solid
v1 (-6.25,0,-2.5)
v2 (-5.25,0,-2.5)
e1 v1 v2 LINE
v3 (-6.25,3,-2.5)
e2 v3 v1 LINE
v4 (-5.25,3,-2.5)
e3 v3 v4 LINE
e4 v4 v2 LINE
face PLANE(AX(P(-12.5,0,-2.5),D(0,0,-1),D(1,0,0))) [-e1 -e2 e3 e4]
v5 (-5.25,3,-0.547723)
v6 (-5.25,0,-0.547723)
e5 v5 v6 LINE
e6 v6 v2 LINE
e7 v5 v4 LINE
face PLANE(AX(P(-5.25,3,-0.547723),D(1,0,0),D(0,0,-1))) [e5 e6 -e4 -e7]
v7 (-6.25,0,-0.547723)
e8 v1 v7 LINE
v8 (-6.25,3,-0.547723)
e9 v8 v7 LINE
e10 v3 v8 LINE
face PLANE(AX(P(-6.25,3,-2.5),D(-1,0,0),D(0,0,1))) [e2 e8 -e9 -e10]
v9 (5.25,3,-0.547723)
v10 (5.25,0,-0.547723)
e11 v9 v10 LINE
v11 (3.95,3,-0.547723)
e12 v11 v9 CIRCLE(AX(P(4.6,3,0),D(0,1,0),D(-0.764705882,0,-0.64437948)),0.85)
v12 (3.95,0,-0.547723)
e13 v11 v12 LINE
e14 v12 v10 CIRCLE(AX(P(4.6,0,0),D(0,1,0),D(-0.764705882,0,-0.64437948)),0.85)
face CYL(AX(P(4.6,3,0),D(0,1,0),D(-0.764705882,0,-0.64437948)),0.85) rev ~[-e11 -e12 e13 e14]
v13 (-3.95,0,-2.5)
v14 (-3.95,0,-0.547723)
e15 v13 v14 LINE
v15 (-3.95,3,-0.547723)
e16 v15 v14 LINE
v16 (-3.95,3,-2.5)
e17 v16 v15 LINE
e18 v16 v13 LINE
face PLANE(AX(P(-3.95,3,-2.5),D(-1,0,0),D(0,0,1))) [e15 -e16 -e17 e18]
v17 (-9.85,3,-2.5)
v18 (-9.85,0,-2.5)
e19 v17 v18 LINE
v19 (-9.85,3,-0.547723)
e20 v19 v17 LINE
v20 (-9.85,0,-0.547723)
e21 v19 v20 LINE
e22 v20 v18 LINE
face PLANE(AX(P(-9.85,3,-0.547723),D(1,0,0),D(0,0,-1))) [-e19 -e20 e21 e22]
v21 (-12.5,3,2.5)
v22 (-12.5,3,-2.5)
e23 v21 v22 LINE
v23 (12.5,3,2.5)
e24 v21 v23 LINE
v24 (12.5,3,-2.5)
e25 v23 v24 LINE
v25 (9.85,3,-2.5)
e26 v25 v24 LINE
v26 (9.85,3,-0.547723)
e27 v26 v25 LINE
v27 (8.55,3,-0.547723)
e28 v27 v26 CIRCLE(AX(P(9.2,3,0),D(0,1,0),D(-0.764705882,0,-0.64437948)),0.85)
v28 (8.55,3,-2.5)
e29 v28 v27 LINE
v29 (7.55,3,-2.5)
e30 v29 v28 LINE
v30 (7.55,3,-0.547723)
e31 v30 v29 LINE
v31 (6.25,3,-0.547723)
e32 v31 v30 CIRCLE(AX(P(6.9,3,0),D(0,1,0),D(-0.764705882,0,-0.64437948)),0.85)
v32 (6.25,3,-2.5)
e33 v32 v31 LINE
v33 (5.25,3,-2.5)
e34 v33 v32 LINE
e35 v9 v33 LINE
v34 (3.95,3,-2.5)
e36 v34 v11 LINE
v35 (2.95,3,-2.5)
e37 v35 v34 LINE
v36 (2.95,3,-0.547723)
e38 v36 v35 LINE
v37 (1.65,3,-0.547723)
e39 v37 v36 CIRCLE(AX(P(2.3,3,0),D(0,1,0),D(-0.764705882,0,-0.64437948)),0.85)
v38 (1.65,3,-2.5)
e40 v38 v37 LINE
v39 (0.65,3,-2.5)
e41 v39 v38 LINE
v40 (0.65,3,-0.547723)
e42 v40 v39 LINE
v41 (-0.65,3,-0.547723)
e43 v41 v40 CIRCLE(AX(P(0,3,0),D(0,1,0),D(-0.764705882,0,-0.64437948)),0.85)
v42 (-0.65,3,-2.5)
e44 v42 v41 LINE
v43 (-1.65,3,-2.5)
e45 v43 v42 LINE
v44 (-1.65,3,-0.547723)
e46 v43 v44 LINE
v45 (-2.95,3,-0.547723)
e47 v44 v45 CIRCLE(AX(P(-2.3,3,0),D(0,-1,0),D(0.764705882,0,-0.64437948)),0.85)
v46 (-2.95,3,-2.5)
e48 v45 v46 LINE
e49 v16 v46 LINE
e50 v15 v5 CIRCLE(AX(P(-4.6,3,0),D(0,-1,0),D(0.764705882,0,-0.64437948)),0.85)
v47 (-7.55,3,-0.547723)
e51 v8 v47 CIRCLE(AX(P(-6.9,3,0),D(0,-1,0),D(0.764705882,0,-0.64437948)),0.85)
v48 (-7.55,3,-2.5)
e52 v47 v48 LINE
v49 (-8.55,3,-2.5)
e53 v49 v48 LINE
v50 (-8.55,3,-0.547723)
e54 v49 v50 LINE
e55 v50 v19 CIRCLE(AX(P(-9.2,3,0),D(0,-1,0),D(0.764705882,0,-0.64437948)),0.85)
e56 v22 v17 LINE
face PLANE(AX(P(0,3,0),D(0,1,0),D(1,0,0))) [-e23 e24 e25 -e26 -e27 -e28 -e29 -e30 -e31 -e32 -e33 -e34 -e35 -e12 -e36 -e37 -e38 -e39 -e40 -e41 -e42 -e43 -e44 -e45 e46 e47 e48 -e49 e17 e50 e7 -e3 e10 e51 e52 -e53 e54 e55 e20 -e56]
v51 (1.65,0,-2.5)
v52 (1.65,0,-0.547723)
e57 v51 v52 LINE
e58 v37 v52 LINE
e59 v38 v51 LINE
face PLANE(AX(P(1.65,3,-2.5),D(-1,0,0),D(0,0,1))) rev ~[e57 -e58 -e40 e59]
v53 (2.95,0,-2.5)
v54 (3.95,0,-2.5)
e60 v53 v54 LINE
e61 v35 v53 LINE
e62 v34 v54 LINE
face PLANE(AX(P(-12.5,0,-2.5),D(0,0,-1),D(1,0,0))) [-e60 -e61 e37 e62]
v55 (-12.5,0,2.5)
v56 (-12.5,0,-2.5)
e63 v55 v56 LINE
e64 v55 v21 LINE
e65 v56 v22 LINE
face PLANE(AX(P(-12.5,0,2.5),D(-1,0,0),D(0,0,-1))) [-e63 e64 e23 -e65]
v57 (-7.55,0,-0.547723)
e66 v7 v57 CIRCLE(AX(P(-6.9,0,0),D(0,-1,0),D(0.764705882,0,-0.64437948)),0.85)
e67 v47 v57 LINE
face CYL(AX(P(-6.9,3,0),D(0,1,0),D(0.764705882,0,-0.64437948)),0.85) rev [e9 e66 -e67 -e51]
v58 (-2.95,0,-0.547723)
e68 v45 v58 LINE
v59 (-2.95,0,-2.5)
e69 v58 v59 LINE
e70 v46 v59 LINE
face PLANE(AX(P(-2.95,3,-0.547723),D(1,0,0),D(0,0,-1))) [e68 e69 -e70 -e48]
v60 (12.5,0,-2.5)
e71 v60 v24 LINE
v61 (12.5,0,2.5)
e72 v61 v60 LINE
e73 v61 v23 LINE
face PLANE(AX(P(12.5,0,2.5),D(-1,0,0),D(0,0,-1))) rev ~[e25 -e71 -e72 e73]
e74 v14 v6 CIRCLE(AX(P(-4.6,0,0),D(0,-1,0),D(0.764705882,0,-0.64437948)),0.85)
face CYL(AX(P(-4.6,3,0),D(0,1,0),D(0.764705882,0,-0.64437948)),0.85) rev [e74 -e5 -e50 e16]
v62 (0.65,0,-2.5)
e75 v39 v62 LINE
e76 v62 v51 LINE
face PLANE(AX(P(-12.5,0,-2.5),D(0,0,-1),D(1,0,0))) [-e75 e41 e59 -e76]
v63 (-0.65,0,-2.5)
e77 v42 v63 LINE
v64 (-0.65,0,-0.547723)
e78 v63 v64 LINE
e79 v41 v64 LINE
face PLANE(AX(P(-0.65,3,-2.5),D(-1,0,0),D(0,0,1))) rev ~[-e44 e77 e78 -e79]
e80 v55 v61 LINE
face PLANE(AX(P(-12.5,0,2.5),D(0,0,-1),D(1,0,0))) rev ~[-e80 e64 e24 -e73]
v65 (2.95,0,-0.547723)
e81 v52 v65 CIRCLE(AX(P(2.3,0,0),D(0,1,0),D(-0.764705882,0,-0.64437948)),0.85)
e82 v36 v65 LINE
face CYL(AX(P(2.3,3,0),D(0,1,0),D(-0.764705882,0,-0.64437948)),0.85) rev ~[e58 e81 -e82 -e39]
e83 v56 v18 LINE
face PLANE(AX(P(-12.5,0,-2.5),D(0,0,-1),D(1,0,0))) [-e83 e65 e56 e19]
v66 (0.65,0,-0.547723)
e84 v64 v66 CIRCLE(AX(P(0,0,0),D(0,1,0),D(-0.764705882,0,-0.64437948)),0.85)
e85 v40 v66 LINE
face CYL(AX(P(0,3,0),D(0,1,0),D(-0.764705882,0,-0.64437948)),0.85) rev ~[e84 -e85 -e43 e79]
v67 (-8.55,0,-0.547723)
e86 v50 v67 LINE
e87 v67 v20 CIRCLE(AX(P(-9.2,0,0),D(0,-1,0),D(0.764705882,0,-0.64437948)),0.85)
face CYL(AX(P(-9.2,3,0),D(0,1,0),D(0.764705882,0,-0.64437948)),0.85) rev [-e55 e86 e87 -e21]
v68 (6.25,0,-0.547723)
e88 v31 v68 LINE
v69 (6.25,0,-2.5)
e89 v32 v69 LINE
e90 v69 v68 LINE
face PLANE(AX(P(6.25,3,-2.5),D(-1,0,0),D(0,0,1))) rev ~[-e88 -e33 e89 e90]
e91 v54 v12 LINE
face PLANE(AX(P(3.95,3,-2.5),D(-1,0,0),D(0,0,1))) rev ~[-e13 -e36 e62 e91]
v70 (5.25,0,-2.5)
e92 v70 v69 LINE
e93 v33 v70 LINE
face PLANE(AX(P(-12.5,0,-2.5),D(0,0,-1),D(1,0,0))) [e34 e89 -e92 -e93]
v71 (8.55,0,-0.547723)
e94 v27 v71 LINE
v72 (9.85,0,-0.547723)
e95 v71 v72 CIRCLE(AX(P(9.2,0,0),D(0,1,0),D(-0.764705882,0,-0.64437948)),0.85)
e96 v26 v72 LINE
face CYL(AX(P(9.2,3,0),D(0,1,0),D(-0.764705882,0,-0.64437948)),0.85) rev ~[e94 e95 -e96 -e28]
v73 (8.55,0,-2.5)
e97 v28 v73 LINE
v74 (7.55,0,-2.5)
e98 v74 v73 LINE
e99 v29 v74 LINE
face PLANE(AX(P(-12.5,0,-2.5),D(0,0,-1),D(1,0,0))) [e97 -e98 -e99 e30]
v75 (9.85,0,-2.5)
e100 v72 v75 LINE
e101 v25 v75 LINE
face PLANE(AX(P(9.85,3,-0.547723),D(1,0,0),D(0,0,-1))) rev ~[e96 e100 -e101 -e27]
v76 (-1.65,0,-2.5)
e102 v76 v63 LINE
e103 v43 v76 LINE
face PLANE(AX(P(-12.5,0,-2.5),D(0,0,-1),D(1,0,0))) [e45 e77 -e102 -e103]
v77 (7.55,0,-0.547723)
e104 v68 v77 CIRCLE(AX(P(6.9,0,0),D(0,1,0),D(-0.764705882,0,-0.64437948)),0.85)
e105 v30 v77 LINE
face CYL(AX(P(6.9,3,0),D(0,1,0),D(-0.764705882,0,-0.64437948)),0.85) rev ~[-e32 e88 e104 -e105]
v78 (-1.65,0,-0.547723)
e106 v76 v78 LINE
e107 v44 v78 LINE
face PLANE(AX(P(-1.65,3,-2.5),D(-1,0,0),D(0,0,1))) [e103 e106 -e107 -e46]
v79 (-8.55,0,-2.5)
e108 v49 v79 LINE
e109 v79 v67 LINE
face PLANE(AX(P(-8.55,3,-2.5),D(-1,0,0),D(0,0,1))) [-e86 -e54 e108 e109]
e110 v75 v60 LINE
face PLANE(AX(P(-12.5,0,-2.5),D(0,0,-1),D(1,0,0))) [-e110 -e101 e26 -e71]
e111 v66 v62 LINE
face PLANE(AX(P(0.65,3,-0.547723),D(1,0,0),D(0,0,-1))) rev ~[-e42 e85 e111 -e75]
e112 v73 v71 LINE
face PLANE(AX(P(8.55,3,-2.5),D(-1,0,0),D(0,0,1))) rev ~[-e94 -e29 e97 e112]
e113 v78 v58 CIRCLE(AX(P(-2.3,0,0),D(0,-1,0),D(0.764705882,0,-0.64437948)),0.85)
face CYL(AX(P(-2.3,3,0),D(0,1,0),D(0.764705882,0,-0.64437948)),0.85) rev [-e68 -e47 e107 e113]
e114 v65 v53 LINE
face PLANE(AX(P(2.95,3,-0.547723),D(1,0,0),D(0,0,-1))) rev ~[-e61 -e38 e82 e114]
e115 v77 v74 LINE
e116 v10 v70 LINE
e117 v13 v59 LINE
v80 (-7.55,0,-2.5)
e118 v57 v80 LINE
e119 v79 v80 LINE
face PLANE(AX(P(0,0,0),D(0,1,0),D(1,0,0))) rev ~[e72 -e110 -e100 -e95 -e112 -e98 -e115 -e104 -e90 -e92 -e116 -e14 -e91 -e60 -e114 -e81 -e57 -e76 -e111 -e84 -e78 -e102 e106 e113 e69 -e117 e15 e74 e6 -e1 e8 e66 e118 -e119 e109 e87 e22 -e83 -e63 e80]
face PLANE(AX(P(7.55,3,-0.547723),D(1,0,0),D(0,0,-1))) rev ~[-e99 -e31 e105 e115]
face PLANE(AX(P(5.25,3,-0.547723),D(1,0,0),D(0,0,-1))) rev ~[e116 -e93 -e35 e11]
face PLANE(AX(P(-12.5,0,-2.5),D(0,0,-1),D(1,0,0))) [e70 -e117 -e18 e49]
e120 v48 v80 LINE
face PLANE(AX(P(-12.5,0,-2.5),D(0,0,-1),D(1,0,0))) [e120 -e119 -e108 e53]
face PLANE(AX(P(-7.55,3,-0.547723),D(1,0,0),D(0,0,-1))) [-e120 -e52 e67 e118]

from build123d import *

# Parameters (mm, degrees)
CROQUIS1_W              = 25
CROQUIS1_H              = 5
SALIENTE_EXTRUIR1_DEPTH = 3
CORTAR_EXTRUIR6_DEPTH   = 3
MATRIZL4_COUNT          = 5
MATRIZL4_PITCH          = 2.3
SIMETR_A3_COPY_1_DEPTH  = 3
SIMETR_A3_COPY_2_DEPTH  = 3
SIMETR_A3_COPY_3_DEPTH  = 3
SIMETR_A3_COPY_4_DEPTH  = 3
SIMETR_A3_COPY_5_DEPTH  = 3


with BuildPart() as part:
    # Croquis1 → Saliente-Extruir1 (new body)
    with BuildSketch(Plane(origin=(0, 0, 0), x_dir=(1, 0, 0), z_dir=(0, 1, 0))):
        Rectangle(CROQUIS1_W, CROQUIS1_H)
    extrude(amount=SALIENTE_EXTRUIR1_DEPTH)

    # Croquis2 → Cortar-Extruir6 (cut)
    with BuildSketch(Plane(origin=(0, 3, 0), x_dir=(1, 0, 0), z_dir=(0, 1, 0))):
        with BuildLine():
            Line((0.65, 0.547722558), (0.65, 2.5))
            Line((0.65, 2.5), (-0.65, 2.5))
            Line((-0.65, 2.5), (-0.65, 0.547722558))
            ThreePointArc((-0.65, 0.547722558), (0, -0.85), (0.65, 0.547722558))
        make_face()
    cortar_extruir6 = extrude(amount=-CORTAR_EXTRUIR6_DEPTH, mode=Mode.SUBTRACT)

    # MatrizL4: Cortar-Extruir6 ×5
    with Locations(*[(i * MATRIZL4_PITCH, 0, 0) for i in range(1, MATRIZL4_COUNT)]):
        add(cortar_extruir6, mode=Mode.SUBTRACT)

    # Simetría3 copy 1 sketch → Simetría3 copy 1 (cut)
    with BuildSketch(Plane(origin=(-2.3, 3, 0), x_dir=(-1, 0, 0), z_dir=(0, 1, 0))):
        with BuildLine():
            Line((0.65, -0.547722558), (0.65, -2.5))
            Line((0.65, -2.5), (-0.65, -2.5))
            Line((-0.65, -2.5), (-0.65, -0.547722558))
            ThreePointArc((-0.65, -0.547722558), (0, 0.85), (0.65, -0.547722558))
        make_face()
    extrude(amount=-SIMETR_A3_COPY_1_DEPTH, mode=Mode.SUBTRACT)

    # Simetría3 copy 2 sketch → Simetría3 copy 2 (cut)
    with BuildSketch(Plane(origin=(-4.6, 3, 0), x_dir=(-1, 0, 0), z_dir=(0, 1, 0))):
        with BuildLine():
            Line((0.65, -0.547722558), (0.65, -2.5))
            Line((0.65, -2.5), (-0.65, -2.5))
            Line((-0.65, -2.5), (-0.65, -0.547722558))
            ThreePointArc((-0.65, -0.547722558), (0, 0.85), (0.65, -0.547722558))
        make_face()
    extrude(amount=-SIMETR_A3_COPY_2_DEPTH, mode=Mode.SUBTRACT)

    # Simetría3 copy 3 sketch → Simetría3 copy 3 (cut)
    with BuildSketch(Plane(origin=(-6.9, 3, 0), x_dir=(-1, 0, 0), z_dir=(0, 1, 0))):
        with BuildLine():
            Line((0.65, -0.547722558), (0.65, -2.5))
            Line((0.65, -2.5), (-0.65, -2.5))
            Line((-0.65, -2.5), (-0.65, -0.547722558))
            ThreePointArc((-0.65, -0.547722558), (0, 0.85), (0.65, -0.547722558))
        make_face()
    extrude(amount=-SIMETR_A3_COPY_3_DEPTH, mode=Mode.SUBTRACT)

    # Simetría3 copy 4 sketch → Simetría3 copy 4 (cut)
    with BuildSketch(Plane(origin=(-9.2, 3, 0), x_dir=(-1, 0, 0), z_dir=(0, 1, 0))):
        with BuildLine():
            Line((0.65, -0.547722558), (0.65, -2.5))
            Line((0.65, -2.5), (-0.65, -2.5))
            Line((-0.65, -2.5), (-0.65, -0.547722558))
            ThreePointArc((-0.65, -0.547722558), (0, 0.85), (0.65, -0.547722558))
        make_face()
    extrude(amount=-SIMETR_A3_COPY_4_DEPTH, mode=Mode.SUBTRACT)

    # Simetría3 copy 5 sketch → Simetría3 copy 5 (cut)
    with BuildSketch(Plane(origin=(0, 3, 0), x_dir=(-1, 0, 0), z_dir=(0, 1, 0))):
        with BuildLine():
            Line((0.65, -0.547722558), (0.65, -2.5))
            Line((0.65, -2.5), (-0.65, -2.5))
            Line((-0.65, -2.5), (-0.65, -0.547722558))
            ThreePointArc((-0.65, -0.547722558), (0, 0.85), (0.65, -0.547722558))
        make_face()
    extrude(amount=-SIMETR_A3_COPY_5_DEPTH, mode=Mode.SUBTRACT)


solid = part.part
